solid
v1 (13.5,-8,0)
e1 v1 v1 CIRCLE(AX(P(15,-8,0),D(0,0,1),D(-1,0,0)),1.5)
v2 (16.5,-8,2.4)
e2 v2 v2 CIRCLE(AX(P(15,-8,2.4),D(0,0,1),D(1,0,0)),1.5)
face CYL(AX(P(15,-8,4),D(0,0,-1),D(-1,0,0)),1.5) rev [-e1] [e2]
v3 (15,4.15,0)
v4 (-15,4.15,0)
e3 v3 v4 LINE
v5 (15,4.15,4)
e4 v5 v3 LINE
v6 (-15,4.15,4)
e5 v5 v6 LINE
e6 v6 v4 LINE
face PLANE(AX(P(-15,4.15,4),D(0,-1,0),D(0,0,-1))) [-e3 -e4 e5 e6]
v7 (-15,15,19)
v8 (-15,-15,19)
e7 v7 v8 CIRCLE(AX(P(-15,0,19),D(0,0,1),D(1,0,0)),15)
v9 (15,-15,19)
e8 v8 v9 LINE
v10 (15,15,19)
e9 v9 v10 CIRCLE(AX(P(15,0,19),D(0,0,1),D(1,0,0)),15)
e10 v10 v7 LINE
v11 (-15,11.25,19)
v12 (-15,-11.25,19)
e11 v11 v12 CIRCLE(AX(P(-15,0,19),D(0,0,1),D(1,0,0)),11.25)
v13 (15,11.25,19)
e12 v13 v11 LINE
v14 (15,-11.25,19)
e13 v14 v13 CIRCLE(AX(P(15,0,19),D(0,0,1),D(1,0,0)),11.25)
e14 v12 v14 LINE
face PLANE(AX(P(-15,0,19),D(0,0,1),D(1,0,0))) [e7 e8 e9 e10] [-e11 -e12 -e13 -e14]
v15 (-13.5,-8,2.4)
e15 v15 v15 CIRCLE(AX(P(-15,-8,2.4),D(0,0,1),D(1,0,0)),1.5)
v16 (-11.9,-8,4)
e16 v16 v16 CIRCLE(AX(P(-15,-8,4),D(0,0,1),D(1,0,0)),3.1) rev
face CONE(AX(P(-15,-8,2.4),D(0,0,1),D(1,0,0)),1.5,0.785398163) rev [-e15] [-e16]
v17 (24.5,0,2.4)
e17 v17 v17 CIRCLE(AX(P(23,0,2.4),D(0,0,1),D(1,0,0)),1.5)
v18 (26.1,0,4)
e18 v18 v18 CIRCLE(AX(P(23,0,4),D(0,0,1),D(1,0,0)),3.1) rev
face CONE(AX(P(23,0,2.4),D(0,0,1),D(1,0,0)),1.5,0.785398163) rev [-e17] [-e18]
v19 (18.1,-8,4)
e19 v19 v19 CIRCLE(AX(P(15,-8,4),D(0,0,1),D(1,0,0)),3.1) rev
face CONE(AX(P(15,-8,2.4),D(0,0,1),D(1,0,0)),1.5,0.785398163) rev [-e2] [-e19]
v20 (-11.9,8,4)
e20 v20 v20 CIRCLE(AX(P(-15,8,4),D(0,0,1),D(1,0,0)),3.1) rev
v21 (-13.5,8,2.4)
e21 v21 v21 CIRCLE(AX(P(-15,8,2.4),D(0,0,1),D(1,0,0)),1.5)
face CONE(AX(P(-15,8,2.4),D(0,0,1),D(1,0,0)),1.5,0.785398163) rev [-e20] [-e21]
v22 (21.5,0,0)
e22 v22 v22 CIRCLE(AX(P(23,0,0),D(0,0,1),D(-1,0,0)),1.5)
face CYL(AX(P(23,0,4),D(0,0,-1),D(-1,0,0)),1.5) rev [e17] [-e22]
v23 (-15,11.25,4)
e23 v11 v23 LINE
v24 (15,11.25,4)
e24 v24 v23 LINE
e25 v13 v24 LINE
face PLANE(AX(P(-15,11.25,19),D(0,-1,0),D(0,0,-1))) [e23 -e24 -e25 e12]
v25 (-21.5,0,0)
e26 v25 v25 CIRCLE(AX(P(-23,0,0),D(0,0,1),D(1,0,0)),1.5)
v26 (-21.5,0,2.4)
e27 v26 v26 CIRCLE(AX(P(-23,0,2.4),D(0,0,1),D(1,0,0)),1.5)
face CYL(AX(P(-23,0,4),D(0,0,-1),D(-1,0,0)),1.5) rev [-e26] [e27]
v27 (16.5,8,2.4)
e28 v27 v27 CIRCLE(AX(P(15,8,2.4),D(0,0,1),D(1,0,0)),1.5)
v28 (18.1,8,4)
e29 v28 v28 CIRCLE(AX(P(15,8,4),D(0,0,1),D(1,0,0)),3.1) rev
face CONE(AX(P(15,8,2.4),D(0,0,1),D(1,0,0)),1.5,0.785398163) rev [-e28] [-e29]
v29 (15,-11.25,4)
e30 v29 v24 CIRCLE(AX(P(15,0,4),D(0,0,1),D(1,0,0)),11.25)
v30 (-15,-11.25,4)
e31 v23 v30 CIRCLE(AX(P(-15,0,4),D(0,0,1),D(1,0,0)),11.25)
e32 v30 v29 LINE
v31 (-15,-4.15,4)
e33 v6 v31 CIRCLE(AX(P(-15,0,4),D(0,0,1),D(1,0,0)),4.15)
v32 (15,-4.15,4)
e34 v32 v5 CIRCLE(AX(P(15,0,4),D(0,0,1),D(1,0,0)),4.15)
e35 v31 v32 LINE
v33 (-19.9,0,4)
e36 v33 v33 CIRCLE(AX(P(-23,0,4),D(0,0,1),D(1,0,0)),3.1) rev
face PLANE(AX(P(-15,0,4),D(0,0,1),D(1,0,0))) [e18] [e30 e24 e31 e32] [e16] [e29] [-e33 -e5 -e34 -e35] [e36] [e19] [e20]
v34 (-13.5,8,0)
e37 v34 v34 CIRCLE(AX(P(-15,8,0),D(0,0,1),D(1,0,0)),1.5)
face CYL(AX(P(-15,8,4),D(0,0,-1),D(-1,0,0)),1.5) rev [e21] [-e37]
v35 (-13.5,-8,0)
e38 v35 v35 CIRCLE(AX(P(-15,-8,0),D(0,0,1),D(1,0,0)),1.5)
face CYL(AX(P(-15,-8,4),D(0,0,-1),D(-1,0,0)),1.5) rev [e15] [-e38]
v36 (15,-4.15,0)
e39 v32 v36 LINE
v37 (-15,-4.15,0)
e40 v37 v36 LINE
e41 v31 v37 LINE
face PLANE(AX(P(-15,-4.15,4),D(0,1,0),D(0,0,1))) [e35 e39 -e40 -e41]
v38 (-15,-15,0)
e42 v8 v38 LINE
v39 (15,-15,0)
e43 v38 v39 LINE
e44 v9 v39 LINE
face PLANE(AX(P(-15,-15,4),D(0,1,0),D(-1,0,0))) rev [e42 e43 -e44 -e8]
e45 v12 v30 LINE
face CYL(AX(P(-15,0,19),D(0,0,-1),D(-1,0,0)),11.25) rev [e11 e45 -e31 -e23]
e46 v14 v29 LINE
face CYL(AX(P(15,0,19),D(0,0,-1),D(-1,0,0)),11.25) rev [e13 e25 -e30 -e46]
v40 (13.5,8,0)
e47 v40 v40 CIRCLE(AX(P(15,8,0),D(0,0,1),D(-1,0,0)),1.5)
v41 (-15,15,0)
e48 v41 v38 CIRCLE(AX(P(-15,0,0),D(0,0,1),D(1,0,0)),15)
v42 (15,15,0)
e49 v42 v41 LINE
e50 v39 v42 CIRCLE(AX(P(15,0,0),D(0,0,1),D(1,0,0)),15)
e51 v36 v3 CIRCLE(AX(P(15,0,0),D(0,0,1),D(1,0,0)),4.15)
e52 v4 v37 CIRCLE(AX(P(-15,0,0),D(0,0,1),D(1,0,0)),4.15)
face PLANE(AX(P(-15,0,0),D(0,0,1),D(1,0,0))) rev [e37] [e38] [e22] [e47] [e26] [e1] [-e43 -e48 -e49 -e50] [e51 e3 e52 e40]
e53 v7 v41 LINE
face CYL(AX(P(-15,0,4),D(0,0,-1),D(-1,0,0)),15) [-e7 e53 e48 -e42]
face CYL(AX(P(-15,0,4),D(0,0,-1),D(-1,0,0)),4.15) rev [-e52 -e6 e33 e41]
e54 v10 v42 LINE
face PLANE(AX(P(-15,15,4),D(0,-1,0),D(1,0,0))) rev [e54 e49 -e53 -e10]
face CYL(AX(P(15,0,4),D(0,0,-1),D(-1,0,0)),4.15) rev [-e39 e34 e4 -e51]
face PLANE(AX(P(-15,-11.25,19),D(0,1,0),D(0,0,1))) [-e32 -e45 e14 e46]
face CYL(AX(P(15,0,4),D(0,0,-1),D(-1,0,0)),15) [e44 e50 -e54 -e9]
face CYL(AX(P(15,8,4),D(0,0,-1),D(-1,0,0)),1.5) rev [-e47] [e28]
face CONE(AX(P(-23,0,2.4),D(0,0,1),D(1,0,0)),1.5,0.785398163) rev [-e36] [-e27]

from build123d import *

# Parameters (mm, degrees)
SKETCH2_R           = 1.5
BOSS_EXTRUDE1_DEPTH = 4
BOSS_EXTRUDE2_DEPTH = 15
CHAMFER1_SIZE       = 1.6


with BuildPart() as part:
    # Sketch2 → Boss-Extrude1 (new body)
    with BuildSketch(Plane.XY):
        with BuildLine():
            Line((-15, 15), (15, 15))
            ThreePointArc((15, 15), (30, 0), (15, -15))
            Line((15, -15), (-15, -15))
            ThreePointArc((-15, -15), (-30, 0), (-15, 15))
        make_face()
        with Locations((-15, 8)):
            Circle(SKETCH2_R, mode=Mode.SUBTRACT)
        with Locations((-23, 0)):
            Circle(SKETCH2_R, mode=Mode.SUBTRACT)
        with Locations((-15, -8)):
            Circle(SKETCH2_R, mode=Mode.SUBTRACT)
        with Locations((15, -8)):
            Circle(SKETCH2_R, mode=Mode.SUBTRACT)
        with Locations((23, 0)):
            Circle(SKETCH2_R, mode=Mode.SUBTRACT)
        with Locations((15, 8)):
            Circle(SKETCH2_R, mode=Mode.SUBTRACT)
        with BuildLine():
            Line((-15, 4.15), (15, 4.15))
            ThreePointArc((15, 4.15), (19.15, 0), (15, -4.15))
            Line((15, -4.15), (-15, -4.15))
            ThreePointArc((-15, -4.15), (-19.15, 0), (-15, 4.15))
        make_face(mode=Mode.SUBTRACT)
    extrude(amount=BOSS_EXTRUDE1_DEPTH)

    # Sketch3 → Boss-Extrude2 (add)
    with BuildSketch(Plane.XY.offset(4)):
        with BuildLine():
            Line((-15, -15), (15, -15))
            ThreePointArc((15, -15), (30, 0), (15, 15))
            Line((15, 15), (-15, 15))
            ThreePointArc((-15, 15), (-30, 0), (-15, -15))
        make_face()
        with BuildLine():
            Line((-15, 11.25), (15, 11.25))
            ThreePointArc((15, 11.25), (26.25, 0), (15, -11.25))
            Line((15, -11.25), (-15, -11.25))
            ThreePointArc((-15, -11.25), (-26.25, 0), (-15, 11.25))
        make_face(mode=Mode.SUBTRACT)
    extrude(amount=BOSS_EXTRUDE2_DEPTH)

    # Chamfer1
    chamfer1_edges = [part.edges().sort_by_distance(p)[0] for p in [
        (-16.5, 8, 4),
        (-24.5, 0, 4),
        (-16.5, -8, 4),
        (13.5, -8, 4),
        (21.5, 0, 4),
        (13.5, 8, 4),
    ]]
    chamfer(chamfer1_edges, length=CHAMFER1_SIZE)


solid = part.part
